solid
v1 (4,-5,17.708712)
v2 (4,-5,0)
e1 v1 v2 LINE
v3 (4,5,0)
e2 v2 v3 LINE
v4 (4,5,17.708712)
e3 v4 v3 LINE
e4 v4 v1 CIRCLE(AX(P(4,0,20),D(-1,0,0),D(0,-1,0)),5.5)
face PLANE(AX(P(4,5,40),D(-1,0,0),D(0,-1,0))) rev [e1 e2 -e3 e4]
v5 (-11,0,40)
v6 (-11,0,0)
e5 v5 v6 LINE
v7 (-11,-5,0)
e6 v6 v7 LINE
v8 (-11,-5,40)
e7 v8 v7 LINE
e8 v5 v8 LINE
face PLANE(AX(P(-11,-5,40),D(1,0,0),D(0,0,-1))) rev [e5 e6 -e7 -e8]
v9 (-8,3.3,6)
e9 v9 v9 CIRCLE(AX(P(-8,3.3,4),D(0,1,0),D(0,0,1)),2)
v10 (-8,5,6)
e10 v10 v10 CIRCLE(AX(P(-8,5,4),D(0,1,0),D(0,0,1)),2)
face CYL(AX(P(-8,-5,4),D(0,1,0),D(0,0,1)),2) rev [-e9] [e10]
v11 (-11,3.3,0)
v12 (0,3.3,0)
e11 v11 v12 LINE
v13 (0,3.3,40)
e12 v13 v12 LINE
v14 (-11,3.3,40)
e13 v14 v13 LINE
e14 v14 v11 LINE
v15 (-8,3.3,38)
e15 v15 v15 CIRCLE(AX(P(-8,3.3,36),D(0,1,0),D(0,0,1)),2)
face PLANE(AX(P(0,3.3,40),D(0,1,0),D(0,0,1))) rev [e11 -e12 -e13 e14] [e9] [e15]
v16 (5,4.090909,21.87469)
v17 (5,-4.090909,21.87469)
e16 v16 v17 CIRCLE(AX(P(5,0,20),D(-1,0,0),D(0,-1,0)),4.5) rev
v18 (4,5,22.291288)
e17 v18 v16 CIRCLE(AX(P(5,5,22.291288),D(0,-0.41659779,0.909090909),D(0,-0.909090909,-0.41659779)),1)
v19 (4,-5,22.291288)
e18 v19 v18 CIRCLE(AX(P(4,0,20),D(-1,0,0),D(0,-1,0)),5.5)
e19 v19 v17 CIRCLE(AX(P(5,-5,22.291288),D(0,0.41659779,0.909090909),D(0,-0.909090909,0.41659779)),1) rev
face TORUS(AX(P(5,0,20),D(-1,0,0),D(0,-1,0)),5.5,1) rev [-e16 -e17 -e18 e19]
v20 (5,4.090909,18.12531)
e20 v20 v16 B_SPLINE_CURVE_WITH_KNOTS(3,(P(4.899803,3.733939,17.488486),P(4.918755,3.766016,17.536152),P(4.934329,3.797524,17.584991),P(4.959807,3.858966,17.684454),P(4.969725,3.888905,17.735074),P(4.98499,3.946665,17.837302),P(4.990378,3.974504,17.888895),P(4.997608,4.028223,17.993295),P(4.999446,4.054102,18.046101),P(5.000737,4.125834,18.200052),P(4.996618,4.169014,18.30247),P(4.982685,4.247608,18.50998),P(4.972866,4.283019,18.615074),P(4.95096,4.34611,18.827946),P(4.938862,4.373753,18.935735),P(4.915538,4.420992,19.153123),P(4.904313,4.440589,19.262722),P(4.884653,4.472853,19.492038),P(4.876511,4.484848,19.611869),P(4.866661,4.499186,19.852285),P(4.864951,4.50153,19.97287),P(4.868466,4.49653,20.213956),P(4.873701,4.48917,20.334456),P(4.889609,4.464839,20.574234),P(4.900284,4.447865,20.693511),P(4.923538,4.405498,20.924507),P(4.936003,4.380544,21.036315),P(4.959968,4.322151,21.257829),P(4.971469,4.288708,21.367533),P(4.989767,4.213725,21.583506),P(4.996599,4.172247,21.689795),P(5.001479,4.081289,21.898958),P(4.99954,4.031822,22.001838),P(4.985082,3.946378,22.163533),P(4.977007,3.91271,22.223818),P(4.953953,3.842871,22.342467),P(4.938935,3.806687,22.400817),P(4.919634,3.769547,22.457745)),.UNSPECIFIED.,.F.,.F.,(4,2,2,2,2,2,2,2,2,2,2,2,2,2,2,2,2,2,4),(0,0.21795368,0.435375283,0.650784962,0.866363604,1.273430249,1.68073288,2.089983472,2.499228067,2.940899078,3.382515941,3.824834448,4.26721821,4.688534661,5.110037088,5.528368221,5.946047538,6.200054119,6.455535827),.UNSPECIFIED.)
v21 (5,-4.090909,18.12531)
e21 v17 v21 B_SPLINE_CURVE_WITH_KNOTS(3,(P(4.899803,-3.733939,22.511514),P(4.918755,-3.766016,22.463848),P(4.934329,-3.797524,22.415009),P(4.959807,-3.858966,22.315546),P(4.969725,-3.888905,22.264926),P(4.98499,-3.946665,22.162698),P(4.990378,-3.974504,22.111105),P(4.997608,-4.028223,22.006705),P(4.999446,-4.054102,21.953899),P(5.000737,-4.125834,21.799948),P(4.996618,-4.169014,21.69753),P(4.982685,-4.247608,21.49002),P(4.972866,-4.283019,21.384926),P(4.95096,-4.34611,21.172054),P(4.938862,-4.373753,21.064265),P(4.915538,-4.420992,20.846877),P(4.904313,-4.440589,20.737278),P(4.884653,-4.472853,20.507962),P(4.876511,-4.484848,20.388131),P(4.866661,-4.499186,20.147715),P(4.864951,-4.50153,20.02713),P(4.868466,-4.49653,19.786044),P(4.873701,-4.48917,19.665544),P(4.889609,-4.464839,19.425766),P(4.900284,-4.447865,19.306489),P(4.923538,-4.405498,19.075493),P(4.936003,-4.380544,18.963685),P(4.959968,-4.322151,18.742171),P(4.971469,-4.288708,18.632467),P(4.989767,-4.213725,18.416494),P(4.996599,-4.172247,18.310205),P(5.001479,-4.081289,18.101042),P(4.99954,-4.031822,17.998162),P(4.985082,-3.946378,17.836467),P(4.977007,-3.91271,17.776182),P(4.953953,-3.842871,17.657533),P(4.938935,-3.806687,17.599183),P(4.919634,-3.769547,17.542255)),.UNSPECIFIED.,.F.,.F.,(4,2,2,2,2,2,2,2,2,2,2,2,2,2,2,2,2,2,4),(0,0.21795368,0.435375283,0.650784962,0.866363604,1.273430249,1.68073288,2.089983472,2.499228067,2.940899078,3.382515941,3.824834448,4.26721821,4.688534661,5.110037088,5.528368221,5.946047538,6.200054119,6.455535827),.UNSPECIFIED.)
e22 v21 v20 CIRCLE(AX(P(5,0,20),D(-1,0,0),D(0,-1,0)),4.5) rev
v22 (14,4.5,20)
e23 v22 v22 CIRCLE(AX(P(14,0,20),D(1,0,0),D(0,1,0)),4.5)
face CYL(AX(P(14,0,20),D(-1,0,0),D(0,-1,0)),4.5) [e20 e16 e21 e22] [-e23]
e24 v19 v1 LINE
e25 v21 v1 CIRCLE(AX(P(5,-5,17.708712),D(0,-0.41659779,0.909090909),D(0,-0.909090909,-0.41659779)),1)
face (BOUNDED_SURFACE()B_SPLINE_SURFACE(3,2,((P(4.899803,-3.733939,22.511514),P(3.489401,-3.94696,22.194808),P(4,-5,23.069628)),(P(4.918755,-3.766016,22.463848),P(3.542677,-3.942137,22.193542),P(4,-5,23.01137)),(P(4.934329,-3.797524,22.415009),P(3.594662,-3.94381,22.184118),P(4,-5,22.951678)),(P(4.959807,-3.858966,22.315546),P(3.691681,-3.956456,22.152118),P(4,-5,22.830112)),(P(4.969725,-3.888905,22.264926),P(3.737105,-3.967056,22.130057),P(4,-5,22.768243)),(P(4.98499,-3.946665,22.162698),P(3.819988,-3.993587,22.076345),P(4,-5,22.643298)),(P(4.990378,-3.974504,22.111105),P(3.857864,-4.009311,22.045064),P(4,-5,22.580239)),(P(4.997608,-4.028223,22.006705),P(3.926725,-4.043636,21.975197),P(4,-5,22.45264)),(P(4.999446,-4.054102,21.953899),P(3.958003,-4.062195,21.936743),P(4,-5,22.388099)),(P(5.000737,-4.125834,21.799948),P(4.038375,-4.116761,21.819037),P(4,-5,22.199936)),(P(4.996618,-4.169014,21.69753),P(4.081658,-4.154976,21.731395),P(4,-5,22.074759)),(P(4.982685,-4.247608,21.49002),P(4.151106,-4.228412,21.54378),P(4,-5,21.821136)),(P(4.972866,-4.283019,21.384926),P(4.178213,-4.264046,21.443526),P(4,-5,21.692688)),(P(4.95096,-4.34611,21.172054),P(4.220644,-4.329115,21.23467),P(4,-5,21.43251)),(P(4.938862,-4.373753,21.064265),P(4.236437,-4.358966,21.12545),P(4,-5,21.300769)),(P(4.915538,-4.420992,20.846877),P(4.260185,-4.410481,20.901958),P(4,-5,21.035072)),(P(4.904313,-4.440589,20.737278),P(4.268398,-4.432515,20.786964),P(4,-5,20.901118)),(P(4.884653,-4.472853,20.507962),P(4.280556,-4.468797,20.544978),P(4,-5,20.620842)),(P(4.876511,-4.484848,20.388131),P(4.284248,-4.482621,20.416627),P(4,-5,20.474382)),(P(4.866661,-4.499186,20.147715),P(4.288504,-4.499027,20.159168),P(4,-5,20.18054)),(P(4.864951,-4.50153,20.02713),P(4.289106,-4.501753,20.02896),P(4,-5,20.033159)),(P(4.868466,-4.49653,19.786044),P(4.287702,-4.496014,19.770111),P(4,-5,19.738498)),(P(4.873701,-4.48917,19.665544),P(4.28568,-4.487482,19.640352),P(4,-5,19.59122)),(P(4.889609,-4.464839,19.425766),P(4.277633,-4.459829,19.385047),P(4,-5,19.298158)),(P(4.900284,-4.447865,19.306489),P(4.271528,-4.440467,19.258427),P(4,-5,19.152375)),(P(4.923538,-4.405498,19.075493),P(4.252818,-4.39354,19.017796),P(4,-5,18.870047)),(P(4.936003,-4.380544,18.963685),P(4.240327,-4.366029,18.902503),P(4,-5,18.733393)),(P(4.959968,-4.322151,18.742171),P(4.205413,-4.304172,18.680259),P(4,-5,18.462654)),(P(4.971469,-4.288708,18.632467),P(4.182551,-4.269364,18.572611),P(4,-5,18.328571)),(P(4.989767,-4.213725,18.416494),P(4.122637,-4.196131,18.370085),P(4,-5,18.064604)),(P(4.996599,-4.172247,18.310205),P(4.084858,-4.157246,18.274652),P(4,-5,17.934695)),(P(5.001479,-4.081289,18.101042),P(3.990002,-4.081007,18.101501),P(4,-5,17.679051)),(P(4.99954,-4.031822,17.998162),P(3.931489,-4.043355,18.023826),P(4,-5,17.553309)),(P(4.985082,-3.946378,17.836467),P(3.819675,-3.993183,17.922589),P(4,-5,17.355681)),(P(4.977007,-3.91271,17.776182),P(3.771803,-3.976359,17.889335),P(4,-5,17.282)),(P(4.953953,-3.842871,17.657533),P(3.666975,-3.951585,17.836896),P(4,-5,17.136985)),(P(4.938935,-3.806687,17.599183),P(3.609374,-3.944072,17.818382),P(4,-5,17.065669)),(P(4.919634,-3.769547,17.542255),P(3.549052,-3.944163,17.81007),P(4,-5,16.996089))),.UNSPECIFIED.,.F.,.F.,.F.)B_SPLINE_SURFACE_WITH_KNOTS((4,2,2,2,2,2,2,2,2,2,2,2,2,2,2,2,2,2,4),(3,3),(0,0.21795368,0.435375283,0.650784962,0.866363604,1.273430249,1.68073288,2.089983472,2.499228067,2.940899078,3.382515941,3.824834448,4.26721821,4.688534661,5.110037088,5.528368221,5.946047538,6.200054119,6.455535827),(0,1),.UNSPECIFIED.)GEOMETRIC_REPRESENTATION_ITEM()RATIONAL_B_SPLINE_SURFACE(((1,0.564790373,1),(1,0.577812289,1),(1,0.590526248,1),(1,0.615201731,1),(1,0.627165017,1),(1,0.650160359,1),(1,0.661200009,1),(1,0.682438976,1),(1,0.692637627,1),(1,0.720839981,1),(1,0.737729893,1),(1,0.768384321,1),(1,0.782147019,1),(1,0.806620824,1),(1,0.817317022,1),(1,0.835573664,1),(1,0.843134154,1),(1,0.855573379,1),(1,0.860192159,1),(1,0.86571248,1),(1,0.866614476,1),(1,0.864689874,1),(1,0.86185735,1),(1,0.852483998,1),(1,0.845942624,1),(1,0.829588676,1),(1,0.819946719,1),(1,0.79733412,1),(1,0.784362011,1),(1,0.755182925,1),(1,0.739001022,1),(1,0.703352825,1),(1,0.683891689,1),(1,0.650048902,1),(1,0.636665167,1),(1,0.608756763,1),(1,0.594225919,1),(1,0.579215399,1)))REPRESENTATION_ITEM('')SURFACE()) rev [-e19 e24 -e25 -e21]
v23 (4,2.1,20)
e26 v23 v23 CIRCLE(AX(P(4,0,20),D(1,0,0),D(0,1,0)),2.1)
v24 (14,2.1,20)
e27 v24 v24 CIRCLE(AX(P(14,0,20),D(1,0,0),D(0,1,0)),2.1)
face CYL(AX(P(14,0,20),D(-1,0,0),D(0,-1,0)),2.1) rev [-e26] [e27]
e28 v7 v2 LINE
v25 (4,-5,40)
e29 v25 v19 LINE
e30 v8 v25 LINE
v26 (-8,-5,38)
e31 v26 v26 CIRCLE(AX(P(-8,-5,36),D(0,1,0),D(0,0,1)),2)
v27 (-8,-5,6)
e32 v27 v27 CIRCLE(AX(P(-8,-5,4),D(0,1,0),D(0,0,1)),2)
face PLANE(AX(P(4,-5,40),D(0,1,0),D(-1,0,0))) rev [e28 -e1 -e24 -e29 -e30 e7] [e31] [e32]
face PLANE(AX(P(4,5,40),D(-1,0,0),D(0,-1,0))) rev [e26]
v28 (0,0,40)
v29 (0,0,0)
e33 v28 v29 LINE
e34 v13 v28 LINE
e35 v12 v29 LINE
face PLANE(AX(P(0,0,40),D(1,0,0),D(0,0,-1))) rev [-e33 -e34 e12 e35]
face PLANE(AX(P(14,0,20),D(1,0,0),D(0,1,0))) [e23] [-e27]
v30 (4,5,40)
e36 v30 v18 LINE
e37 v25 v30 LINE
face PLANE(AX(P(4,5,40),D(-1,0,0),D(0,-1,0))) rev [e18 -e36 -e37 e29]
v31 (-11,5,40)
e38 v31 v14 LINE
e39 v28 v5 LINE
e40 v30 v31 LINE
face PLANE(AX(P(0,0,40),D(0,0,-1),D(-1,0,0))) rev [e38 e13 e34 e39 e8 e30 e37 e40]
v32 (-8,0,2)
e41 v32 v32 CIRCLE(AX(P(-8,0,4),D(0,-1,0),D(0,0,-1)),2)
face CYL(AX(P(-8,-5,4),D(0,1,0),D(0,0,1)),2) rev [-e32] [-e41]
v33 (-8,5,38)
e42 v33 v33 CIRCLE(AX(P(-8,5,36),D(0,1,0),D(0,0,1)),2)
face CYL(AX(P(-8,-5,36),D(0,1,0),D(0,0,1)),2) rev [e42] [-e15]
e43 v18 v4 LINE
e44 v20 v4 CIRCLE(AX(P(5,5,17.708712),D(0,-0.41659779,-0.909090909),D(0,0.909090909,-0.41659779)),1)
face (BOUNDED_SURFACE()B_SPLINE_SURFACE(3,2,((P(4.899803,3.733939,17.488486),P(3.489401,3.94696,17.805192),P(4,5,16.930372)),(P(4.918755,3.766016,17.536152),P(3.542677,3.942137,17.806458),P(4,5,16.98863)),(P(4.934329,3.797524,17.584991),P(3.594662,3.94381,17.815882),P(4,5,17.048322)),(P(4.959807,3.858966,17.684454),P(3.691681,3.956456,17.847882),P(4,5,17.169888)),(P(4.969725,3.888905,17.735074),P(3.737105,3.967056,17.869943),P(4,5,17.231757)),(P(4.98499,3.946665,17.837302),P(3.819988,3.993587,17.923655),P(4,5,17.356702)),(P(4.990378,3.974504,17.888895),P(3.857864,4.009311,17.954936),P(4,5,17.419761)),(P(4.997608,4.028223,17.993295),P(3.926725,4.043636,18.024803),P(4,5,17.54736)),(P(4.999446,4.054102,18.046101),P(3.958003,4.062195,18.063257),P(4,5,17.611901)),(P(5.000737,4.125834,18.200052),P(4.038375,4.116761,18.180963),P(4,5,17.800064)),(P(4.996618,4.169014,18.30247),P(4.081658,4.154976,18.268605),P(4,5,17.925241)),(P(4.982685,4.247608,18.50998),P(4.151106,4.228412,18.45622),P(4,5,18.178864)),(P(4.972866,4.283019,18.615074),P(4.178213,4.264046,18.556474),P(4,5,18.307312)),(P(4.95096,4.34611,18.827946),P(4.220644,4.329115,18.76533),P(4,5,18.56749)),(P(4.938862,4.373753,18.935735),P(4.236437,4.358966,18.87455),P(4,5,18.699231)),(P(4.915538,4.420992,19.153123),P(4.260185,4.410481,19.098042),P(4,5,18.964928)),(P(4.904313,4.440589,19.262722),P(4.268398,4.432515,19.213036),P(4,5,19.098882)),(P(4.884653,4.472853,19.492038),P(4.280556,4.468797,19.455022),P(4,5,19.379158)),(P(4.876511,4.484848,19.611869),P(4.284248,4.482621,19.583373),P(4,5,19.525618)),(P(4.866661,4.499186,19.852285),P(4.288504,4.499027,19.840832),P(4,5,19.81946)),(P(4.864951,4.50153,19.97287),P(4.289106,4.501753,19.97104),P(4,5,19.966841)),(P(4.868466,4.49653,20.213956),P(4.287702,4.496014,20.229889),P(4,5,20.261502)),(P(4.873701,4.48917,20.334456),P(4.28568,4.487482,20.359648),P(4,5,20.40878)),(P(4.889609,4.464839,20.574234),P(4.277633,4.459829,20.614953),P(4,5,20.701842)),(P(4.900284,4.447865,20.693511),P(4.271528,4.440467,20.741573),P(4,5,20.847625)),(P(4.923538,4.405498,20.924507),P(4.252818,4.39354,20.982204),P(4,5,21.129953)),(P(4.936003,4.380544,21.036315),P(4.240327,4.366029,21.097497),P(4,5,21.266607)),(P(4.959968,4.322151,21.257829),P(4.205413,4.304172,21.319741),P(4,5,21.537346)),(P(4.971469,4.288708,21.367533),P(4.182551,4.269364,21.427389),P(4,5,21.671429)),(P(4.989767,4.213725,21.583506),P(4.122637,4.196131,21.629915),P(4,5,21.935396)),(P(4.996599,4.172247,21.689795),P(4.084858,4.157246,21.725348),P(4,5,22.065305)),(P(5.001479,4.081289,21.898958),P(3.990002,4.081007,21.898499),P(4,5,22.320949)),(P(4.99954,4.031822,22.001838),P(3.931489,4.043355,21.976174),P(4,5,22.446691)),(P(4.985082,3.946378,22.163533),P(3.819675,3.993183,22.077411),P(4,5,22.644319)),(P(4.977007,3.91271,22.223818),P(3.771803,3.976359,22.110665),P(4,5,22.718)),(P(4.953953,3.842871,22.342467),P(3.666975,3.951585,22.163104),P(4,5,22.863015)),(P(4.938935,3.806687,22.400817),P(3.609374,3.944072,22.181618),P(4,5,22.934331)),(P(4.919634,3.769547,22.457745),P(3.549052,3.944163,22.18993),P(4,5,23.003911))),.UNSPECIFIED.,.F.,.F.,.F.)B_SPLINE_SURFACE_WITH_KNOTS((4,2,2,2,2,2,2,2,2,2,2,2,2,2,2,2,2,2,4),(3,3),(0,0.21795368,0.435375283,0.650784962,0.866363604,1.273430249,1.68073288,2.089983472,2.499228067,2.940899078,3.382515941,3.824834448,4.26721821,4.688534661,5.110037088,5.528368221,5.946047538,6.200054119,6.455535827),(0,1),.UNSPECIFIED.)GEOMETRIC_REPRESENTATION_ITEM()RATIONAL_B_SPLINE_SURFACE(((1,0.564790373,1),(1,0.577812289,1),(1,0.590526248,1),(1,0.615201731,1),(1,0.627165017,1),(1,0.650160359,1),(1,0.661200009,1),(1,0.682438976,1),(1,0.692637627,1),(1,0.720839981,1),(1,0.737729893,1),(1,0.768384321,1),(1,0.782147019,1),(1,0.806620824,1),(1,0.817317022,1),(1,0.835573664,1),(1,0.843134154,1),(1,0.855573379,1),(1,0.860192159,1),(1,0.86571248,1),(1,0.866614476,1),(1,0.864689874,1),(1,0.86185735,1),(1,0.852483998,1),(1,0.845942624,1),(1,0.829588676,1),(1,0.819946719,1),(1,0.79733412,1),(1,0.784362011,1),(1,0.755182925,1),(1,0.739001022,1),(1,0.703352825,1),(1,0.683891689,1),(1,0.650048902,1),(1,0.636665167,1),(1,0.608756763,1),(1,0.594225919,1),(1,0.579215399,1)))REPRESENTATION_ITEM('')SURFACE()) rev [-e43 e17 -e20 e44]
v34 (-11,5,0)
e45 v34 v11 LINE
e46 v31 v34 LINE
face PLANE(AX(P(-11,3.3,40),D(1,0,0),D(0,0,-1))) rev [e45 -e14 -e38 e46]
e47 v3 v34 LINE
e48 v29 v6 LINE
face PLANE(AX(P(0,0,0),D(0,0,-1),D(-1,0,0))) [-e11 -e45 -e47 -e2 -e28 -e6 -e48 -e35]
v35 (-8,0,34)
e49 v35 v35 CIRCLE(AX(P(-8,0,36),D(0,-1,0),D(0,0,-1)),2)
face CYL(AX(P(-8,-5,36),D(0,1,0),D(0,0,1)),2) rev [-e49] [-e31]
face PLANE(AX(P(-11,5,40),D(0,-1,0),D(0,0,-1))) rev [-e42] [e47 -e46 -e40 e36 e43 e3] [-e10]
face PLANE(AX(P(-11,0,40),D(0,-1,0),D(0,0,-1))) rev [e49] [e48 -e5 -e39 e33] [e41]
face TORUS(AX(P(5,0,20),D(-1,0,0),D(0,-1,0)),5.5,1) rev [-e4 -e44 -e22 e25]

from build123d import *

# Parameters (mm, degrees)
BOSS_EXTRUDE1_DEPTH = 40
SKETCH4_R           = 4.5
SKETCH4_R_2         = 2.1
BOSS_EXTRUDE4_DEPTH = 10
FILLET2_R           = 1
SKETCH5_R           = 2
CUT_EXTRUDE1_DEPTH  = 44.543082261


with BuildPart() as part:
    # Sketch1 → Boss-Extrude1 (new body)
    with BuildSketch(Plane.XY):
        Polygon((-11, 3.3), (-11, 5), (4, 5), (4, -5), (-11, -5), (-11, 0), (0, 0), (0, 3.3), align=None)
    extrude(amount=BOSS_EXTRUDE1_DEPTH)

    # Sketch4 → Boss-Extrude4 (add)
    with BuildSketch(Plane(origin=(4, 0, 0), x_dir=(0, 0, -1), z_dir=(1, 0, 0))):
        with Locations(Location((-20, 0, 0), (0, 0, 90))):
            Circle(SKETCH4_R)
        with Locations(Location((-20, 0, 0), (0, 0, 90))):
            Circle(SKETCH4_R_2, mode=Mode.SUBTRACT)
    extrude(amount=BOSS_EXTRUDE4_DEPTH)

    # Fillet2
    fillet2_edges = [part.edges().sort_by_distance(p)[0] for p in [
        (4, -4.5, 20),
    ]]
    fillet(fillet2_edges, radius=FILLET2_R)

    # Sketch5 → Cut-Extrude1 (cut, through all)
    with BuildSketch(Plane(origin=(0, 5, 0), x_dir=(1, 0, 0), z_dir=(0, 1, 0))):
        with Locations(Location((-8, -36, 0), (0, 0, 270))):
            Circle(SKETCH5_R)
        with Locations(Location((-8, -4, 0), (0, 0, 270))):
            Circle(SKETCH5_R)
    extrude(amount=-CUT_EXTRUDE1_DEPTH, mode=Mode.SUBTRACT)


solid = part.part
